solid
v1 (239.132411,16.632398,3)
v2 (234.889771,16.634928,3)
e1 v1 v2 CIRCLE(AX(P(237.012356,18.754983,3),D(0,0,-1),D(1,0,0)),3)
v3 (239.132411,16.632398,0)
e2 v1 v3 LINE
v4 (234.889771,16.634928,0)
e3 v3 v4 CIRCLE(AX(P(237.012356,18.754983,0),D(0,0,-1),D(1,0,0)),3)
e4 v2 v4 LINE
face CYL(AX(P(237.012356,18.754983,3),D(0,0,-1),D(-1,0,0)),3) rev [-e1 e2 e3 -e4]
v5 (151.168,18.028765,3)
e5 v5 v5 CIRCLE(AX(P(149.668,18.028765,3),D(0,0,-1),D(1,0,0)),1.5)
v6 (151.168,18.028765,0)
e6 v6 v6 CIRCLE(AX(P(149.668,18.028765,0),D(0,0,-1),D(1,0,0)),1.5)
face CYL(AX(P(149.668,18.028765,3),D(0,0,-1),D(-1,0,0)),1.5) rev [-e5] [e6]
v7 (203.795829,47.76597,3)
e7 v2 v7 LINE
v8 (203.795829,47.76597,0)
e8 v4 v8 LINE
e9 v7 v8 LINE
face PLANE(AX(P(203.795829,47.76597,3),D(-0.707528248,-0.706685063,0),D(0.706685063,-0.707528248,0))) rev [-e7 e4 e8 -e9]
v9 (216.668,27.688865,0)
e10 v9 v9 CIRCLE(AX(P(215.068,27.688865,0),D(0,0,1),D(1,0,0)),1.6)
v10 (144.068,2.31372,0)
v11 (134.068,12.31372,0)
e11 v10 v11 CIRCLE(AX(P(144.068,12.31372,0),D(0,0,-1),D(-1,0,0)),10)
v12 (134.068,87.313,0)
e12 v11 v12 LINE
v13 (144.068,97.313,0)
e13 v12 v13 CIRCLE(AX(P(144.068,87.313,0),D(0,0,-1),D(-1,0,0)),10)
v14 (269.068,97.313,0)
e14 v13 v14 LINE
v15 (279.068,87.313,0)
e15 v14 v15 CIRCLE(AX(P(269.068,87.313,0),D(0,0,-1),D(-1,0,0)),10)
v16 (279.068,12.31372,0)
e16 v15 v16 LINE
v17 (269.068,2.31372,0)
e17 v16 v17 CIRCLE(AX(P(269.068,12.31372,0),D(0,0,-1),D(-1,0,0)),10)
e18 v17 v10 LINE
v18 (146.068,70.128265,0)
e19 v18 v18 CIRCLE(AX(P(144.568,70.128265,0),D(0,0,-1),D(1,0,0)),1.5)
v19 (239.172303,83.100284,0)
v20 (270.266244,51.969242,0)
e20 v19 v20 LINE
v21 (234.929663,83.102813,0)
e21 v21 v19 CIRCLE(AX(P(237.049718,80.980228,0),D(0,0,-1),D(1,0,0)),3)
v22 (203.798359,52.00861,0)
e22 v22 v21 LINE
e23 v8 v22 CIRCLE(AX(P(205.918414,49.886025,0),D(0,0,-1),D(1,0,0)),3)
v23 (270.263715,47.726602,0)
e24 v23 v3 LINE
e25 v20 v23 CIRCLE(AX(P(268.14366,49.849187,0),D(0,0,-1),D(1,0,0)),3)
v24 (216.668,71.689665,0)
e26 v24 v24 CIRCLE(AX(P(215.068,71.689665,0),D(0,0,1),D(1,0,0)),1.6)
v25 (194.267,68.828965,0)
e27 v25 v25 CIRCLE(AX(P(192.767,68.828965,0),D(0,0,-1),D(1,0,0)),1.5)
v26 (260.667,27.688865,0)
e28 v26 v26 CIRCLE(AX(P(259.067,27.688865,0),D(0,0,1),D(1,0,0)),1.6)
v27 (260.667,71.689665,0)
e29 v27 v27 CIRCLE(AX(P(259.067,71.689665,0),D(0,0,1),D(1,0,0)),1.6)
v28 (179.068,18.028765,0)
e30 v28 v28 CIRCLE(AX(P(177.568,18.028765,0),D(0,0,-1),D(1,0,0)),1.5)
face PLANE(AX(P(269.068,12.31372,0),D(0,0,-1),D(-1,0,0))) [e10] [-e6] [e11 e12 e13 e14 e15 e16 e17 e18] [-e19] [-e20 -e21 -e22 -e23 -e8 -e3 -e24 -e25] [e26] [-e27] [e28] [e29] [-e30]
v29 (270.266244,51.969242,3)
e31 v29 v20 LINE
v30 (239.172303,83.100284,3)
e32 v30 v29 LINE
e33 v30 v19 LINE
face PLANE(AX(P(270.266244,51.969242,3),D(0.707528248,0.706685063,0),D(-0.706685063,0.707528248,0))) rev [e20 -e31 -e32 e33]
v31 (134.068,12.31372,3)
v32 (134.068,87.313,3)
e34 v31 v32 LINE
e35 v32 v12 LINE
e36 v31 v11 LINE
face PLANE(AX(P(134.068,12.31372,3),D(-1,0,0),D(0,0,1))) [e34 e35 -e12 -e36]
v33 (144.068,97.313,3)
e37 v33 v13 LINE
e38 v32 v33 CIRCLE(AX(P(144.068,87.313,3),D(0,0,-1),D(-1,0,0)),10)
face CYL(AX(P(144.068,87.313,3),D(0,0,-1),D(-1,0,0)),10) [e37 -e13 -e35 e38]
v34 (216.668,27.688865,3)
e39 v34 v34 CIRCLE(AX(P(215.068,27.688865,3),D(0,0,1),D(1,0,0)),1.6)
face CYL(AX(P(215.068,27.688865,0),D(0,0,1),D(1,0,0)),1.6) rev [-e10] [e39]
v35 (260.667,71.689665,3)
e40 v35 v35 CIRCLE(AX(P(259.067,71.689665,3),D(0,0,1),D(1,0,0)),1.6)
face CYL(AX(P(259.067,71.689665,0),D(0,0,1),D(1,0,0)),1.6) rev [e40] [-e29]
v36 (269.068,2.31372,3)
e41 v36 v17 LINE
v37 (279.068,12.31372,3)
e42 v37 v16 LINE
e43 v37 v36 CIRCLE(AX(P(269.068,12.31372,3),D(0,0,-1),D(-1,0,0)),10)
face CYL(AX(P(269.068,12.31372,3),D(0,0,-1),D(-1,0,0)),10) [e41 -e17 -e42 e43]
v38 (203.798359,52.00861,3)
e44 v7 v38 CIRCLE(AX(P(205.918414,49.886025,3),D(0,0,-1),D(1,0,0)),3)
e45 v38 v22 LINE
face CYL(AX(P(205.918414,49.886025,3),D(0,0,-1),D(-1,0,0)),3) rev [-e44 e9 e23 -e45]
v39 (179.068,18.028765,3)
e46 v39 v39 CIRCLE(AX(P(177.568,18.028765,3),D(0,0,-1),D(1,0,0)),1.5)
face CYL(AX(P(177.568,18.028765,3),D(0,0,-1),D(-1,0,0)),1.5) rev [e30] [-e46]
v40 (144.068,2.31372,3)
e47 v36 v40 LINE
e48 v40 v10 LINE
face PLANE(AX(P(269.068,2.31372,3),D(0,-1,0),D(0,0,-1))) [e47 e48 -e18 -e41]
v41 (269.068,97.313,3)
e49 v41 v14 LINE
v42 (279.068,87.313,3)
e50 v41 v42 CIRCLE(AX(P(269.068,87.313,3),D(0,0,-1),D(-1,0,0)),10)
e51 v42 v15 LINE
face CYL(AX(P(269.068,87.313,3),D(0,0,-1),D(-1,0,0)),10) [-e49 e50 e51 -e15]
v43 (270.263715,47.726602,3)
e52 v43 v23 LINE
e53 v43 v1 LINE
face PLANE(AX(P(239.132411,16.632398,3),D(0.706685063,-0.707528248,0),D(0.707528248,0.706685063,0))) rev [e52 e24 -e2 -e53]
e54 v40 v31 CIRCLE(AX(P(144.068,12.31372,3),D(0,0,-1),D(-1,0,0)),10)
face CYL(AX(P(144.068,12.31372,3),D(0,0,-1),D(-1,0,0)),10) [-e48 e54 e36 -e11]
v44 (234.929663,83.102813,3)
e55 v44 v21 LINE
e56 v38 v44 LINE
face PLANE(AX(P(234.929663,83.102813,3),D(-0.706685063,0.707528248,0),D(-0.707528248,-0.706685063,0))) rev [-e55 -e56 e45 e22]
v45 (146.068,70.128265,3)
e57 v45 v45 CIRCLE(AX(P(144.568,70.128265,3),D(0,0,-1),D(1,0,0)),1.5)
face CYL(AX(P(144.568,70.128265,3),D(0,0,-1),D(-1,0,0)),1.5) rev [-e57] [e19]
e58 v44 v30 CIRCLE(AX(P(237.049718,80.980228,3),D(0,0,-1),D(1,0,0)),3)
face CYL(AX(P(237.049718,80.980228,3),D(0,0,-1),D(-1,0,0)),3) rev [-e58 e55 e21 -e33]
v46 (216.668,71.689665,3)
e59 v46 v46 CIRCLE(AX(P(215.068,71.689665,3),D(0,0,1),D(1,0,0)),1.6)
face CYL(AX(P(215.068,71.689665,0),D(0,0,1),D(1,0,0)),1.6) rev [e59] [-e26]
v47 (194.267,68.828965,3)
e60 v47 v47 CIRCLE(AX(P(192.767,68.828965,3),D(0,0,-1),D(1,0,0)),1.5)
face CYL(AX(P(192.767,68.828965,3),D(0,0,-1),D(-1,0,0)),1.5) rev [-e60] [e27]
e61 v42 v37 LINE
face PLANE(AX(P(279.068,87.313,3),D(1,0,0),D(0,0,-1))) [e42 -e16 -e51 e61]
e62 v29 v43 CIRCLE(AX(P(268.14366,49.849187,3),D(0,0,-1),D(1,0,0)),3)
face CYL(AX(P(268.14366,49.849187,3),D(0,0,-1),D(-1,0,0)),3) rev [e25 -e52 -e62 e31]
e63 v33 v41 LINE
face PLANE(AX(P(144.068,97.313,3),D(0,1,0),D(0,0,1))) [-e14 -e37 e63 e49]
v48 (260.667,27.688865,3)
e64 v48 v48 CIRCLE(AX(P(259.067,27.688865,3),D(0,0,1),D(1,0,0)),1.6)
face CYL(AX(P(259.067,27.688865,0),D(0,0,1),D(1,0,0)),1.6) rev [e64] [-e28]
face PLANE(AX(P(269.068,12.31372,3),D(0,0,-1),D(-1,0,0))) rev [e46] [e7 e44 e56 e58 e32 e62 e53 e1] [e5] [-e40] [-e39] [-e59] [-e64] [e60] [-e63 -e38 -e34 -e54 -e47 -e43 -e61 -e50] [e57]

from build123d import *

# Parameters (mm, degrees)
SKETCH_1_R          = 1.5
EXTRUDE_1_DEPTH     = 3
SKETCH_2_R          = 1.6
CUT_EXTRUDE_1_DEPTH = 296.563476419


with BuildPart() as part:
    # 草图1 → 凸台-拉伸1 (new body)
    with BuildSketch(Plane(origin=(0, 0, 0), x_dir=(-1, 0, 0), z_dir=(0, 0, -1))):
        with BuildLine():
            Line((-269.068, 2.31372), (-144.068, 2.31372))
            ThreePointArc((-144.068, 2.31372), (-136.996932188, 5.242652188), (-134.068, 12.31372))
            Line((-134.068, 12.31372), (-134.068, 87.313))
            ThreePointArc((-134.068, 87.313), (-136.996932188, 94.384067812), (-144.068, 97.313))
            Line((-144.068, 97.313), (-269.068, 97.313))
            ThreePointArc((-269.068, 97.313), (-276.139067812, 94.384067812), (-279.068, 87.313))
            Line((-279.068, 87.313), (-279.068, 12.31372))
            ThreePointArc((-279.068, 12.31372), (-276.139067812, 5.242652188), (-269.068, 2.31372))
        make_face()
        with Locations(Location((-144.568, 70.12826533, 0), (0, 0, 180))):
            Circle(SKETCH_1_R, mode=Mode.SUBTRACT)
        with Locations(Location((-192.767, 68.82896533, 0), (0, 0, 180))):
            Circle(SKETCH_1_R, mode=Mode.SUBTRACT)
        with Locations(Location((-149.668, 18.02876533, 0), (0, 0, 180))):
            Circle(SKETCH_1_R, mode=Mode.SUBTRACT)
        with Locations(Location((-215.068, 71.68966533, 0), (0, 0, 180))):
            Circle(SKETCH_1_R, mode=Mode.SUBTRACT)
        with Locations(Location((-259.067, 71.68966533, 0), (0, 0, 180))):
            Circle(SKETCH_1_R, mode=Mode.SUBTRACT)
        with Locations(Location((-259.067, 27.68886533, 0), (0, 0, 180))):
            Circle(SKETCH_1_R, mode=Mode.SUBTRACT)
        with Locations(Location((-215.068, 27.68886533, 0), (0, 0, 180))):
            Circle(SKETCH_1_R, mode=Mode.SUBTRACT)
        with Locations(Location((-177.568, 18.02876533, 0), (0, 0, 180))):
            Circle(SKETCH_1_R, mode=Mode.SUBTRACT)
        with BuildLine():
            Line((-270.266244411, 51.969241805), (-239.172302587, 83.100283559))
            ThreePointArc((-239.172302587, 83.100283559), (-237.051506509, 83.980227838), (-234.929662654, 83.102813116))
            Line((-234.929662654, 83.102813116), (-203.798358898, 52.008609603))
            ThreePointArc((-203.798358898, 52.008609603), (-202.918414619, 49.887813524), (-203.795829341, 47.765969669))
            Line((-203.795829341, 47.765969669), (-234.889771164, 16.634927916))
            ThreePointArc((-234.889771164, 16.634927916), (-237.010567242, 15.754983637), (-239.132411097, 16.632398358))
            Line((-239.132411097, 16.632398358), (-270.263714853, 47.726601872))
            ThreePointArc((-270.263714853, 47.726601872), (-271.143659132, 49.84739795), (-270.266244411, 51.969241805))
        make_face(mode=Mode.SUBTRACT)
    extrude(amount=-EXTRUDE_1_DEPTH)

    # 草图2 → 切除-拉伸1 (cut, through all)
    with BuildSketch(Plane.XY.offset(3)):
        with Locations((259.067, 71.68966533)):
            Circle(SKETCH_2_R)
        with Locations((215.068, 71.68966533)):
            Circle(SKETCH_2_R)
        with Locations((215.068, 27.68886533)):
            Circle(SKETCH_2_R)
        with Locations((259.067, 27.68886533)):
            Circle(SKETCH_2_R)
    extrude(amount=-CUT_EXTRUDE_1_DEPTH, mode=Mode.SUBTRACT)


solid = part.part
